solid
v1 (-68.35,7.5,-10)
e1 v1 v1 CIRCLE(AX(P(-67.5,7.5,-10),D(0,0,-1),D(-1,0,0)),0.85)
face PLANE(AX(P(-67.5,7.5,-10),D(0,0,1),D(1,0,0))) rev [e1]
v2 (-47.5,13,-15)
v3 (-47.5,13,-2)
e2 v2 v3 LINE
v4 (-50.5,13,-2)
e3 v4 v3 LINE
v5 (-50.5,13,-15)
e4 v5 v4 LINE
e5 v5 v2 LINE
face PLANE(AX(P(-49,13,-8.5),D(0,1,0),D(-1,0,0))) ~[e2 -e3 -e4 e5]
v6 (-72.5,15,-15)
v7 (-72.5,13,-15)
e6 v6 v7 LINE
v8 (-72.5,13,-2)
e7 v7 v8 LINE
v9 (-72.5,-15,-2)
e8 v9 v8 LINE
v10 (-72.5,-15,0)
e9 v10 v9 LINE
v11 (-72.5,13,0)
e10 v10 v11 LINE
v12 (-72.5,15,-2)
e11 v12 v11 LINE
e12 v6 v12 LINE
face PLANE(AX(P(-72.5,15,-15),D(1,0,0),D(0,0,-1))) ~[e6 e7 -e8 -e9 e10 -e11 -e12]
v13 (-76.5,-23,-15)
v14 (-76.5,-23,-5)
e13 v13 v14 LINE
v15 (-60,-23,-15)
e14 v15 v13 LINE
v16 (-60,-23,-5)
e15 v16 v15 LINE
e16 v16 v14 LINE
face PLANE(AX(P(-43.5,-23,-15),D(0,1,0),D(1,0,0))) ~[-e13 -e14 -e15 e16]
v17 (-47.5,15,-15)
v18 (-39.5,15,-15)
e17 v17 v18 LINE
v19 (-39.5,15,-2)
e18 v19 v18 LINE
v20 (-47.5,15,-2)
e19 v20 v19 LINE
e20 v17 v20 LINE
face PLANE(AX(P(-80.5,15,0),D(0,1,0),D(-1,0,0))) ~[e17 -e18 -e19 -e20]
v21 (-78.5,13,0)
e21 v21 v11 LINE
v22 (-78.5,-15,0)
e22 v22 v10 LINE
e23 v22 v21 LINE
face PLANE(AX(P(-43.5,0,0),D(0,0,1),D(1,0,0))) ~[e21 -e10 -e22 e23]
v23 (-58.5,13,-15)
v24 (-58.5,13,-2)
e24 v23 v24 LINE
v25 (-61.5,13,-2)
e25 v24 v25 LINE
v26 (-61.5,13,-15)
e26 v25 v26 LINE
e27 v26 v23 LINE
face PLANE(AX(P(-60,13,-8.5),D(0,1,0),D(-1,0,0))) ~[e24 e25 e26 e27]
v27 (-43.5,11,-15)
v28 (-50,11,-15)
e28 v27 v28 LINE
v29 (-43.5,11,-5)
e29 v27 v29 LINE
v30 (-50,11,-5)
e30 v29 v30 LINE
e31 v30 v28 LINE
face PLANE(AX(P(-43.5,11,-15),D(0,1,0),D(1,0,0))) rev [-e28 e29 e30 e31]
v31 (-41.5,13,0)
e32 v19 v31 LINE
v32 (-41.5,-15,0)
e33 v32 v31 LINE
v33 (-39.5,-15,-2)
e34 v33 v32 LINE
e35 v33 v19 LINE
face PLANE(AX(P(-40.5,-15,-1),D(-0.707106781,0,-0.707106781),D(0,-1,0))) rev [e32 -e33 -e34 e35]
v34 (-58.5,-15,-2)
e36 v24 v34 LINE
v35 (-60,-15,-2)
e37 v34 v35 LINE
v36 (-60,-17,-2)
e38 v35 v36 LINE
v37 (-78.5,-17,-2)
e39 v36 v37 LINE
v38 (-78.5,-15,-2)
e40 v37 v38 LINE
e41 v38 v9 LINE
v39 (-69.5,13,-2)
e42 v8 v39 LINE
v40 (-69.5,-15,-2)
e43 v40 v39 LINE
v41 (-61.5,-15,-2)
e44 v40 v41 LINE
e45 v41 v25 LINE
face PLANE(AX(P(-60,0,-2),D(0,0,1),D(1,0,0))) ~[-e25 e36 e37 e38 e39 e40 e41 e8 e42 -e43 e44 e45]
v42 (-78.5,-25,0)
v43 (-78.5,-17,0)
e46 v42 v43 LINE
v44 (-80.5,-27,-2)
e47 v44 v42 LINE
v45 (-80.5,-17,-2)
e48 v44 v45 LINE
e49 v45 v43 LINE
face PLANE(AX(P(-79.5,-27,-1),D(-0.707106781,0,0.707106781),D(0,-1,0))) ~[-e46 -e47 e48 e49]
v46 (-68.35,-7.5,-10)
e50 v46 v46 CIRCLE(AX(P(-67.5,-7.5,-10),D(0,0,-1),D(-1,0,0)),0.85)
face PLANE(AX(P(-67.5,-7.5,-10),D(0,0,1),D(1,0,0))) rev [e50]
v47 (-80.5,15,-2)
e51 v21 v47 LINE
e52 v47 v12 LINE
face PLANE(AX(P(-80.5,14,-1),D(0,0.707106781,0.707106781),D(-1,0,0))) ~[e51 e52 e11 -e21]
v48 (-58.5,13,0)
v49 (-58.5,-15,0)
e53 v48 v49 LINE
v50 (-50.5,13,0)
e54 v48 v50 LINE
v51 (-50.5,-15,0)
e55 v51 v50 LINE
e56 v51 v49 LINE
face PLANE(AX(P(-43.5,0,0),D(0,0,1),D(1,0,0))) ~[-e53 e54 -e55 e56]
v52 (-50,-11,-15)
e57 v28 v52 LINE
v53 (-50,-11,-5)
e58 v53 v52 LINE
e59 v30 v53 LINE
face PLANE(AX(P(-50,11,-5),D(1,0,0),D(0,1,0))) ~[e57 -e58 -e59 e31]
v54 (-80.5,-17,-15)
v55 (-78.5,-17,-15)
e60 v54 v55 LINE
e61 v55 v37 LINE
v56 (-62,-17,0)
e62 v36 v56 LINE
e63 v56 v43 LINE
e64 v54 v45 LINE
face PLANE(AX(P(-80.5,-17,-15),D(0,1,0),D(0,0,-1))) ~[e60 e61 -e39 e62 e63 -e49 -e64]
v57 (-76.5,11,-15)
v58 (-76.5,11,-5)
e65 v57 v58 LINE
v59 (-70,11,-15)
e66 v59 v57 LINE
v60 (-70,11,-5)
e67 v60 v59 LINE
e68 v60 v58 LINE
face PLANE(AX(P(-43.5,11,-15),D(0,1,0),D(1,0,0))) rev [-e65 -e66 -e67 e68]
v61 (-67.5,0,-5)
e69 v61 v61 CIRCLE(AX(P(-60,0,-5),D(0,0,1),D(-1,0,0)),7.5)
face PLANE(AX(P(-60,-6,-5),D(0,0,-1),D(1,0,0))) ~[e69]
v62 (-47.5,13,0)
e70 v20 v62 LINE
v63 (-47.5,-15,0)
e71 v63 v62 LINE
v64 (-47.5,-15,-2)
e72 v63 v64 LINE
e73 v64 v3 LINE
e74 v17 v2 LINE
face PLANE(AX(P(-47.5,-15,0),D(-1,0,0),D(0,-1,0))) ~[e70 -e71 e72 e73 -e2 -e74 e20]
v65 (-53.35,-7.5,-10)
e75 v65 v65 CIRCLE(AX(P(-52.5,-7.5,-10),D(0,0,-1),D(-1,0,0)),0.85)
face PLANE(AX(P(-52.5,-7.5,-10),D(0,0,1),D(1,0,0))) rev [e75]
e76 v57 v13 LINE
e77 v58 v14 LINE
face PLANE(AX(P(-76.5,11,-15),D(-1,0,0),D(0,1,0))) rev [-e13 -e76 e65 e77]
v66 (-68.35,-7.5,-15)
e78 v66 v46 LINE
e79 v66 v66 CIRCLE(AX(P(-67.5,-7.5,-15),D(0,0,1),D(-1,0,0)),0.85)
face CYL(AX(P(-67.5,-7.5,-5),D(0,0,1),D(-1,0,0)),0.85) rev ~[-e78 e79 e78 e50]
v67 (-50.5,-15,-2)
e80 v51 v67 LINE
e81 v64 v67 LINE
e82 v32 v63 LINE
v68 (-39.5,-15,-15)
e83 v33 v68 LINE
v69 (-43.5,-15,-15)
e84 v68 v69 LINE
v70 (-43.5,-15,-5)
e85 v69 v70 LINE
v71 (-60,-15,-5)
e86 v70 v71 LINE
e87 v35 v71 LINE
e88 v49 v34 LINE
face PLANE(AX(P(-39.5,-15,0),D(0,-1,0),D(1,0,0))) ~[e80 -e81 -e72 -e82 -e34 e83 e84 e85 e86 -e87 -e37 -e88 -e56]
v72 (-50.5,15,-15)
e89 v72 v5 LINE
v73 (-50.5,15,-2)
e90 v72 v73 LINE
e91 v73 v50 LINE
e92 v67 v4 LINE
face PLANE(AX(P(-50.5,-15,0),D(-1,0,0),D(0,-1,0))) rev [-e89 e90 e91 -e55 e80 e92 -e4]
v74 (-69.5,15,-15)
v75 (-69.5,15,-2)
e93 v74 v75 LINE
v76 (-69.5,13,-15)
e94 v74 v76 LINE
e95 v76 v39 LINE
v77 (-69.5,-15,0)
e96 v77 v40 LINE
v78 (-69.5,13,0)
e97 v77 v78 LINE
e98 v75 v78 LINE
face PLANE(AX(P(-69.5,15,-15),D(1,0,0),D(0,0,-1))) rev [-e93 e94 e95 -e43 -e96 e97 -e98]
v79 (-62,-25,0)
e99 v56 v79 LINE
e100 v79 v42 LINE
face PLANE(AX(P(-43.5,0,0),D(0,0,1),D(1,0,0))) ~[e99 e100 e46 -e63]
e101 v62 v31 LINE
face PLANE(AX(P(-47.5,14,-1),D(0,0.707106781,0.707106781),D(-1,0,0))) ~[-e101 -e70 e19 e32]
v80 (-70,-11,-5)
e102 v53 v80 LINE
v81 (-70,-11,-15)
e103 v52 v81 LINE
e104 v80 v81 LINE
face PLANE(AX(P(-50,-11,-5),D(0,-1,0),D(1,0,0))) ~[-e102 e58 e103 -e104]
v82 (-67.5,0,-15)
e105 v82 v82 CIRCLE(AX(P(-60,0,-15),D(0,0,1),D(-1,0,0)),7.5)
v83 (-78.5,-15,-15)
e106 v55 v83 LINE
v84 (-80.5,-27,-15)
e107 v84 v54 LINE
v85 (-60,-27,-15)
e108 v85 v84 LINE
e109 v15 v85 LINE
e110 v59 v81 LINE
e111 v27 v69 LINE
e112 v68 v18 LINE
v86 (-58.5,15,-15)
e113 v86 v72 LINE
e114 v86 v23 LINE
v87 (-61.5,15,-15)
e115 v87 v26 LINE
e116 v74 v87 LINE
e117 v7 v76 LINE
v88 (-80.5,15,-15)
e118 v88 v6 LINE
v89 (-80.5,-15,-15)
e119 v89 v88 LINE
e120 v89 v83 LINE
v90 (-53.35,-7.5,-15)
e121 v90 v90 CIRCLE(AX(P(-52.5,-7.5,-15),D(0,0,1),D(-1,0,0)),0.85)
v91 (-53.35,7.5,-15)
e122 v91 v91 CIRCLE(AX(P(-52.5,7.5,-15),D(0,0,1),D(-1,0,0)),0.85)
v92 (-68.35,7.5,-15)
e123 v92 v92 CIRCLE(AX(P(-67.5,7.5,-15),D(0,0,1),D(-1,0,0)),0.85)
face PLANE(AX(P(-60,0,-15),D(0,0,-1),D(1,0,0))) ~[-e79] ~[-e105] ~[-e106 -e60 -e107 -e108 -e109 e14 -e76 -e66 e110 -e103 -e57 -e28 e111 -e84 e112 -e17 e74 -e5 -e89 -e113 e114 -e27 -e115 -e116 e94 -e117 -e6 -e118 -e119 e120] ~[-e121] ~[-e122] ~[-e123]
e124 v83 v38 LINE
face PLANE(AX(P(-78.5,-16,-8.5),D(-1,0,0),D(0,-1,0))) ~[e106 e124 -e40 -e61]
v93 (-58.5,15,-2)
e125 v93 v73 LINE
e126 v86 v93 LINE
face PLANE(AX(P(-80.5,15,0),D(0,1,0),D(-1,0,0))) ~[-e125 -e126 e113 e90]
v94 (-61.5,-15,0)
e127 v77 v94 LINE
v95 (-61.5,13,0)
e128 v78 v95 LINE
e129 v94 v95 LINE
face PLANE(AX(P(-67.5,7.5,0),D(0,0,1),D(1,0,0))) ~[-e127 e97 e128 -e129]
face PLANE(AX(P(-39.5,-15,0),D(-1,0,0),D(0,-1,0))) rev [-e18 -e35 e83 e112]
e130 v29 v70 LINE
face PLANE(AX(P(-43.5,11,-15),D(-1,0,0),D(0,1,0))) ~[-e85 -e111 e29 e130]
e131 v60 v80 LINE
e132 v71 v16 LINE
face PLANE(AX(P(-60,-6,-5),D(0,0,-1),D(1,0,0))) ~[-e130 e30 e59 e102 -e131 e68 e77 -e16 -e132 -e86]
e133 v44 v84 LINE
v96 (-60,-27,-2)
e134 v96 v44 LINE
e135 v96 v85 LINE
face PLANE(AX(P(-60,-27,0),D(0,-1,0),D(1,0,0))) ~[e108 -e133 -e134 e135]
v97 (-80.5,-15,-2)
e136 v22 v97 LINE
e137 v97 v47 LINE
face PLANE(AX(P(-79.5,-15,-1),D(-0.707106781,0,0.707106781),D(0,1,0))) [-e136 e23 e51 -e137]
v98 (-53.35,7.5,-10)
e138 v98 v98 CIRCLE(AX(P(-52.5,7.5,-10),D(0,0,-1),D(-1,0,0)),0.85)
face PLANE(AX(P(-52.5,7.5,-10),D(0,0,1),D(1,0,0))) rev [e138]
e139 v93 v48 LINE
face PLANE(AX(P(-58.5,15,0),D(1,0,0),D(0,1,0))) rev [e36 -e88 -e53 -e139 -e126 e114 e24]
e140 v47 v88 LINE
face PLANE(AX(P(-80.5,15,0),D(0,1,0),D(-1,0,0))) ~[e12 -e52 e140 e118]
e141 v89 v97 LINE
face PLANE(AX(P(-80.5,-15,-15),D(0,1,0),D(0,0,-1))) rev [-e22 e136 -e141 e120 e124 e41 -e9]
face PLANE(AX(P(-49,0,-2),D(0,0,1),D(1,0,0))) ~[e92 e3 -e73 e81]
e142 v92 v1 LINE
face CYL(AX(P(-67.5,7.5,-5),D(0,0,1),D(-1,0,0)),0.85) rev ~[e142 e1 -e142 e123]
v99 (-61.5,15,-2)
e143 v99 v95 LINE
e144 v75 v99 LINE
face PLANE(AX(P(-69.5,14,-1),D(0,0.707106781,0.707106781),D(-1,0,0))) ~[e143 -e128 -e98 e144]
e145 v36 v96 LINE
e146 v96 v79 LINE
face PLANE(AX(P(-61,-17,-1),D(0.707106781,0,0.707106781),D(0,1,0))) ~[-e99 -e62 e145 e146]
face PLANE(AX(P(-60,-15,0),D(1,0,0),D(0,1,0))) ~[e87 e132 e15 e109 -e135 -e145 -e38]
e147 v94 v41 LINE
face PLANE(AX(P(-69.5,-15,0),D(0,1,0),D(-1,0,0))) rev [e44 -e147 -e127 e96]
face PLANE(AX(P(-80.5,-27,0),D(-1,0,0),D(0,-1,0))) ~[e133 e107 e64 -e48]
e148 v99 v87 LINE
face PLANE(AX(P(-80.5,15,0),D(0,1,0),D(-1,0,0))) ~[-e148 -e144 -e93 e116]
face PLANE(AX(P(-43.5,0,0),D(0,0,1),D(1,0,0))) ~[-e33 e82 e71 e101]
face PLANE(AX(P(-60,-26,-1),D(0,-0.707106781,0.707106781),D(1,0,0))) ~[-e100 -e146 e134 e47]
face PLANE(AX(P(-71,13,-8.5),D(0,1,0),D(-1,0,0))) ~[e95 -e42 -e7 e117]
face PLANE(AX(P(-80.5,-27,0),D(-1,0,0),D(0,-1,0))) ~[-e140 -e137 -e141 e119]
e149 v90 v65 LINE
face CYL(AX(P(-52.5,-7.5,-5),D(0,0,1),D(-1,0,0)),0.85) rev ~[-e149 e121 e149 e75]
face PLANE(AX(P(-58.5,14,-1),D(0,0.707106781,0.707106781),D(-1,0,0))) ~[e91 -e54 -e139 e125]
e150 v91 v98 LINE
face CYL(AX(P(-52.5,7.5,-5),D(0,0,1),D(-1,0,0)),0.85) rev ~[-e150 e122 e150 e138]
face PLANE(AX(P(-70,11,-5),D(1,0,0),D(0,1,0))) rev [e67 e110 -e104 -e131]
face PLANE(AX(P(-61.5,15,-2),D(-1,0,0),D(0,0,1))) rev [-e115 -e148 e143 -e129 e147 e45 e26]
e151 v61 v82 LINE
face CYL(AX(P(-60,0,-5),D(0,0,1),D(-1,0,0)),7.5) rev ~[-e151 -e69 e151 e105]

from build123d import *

# Parameters (mm, degrees)
F0_W      = 8
F0_H      = 30
F0_W_2    = 3
F0_W_3    = 20.5
F0_H_2    = 10
F1_DEPTH  = 15
F2_DEPTH  = 2
F3_SIZE   = 2
F4_R      = 0.85
F5_DEPTH  = 15.001
F6_R      = 1
F6_R_2    = 7.5
F7_DEPTH  = 1.5
F8_W      = 3
F8_H      = 13
F9_DEPTH  = 2
F10_W     = 2
F10_H     = 13
F11_DEPTH = 2
F12_ANGLE = 90
F13_R     = 0.85
F14_DEPTH = 1.5
F15_W     = 33
F15_H     = 34
F16_DEPTH = 10
F17_W     = 20
F17_H     = 22
F17_R     = 0.85
F17_R_2   = 7.5
F18_DEPTH = 10
F19_R     = 0.85
F20_DEPTH = 10


with BuildPart() as f1:
    # F0 (on Top) → F1 (new body)
    with BuildSketch(Plane.XY):
        with Locations((-16.5, 0)):
            Rectangle(F0_W, F0_H)
        with Locations((-11, 0)):
            Rectangle(F0_W_2, F0_H)
        with Locations((-5.5, 0)):
            Rectangle(F0_W, F0_H)
        Polygon((1.5, 15), (-1.5, 15), (-1.5, -15), (0, -15), (1.5, -15), align=None)
        with Locations((5.5, 0)):
            Rectangle(F0_W, F0_H)
        with Locations((11, 0)):
            Rectangle(F0_W_2, F0_H)
        Polygon((9.5, -15), (1.5, -15), (0, -15), (0, -17), (20.5, -17), (20.5, -15), (12.5, -15), align=None)
        with Locations((16.5, 0)):
            Rectangle(F0_W, F0_H)
        with Locations((10.25, -22)):
            Rectangle(F0_W_3, F0_H_2)
    extrude(amount=-F1_DEPTH)

    # F0 (on Top) → F2 (cut)
    with BuildSketch(Plane.XY):
        with Locations((-11, 0)):
            Rectangle(F0_W_2, F0_H)
        Polygon((1.5, 15), (-1.5, 15), (-1.5, -15), (0, -15), (1.5, -15), align=None)
        with Locations((11, 0)):
            Rectangle(F0_W_2, F0_H)
        Polygon((9.5, -15), (1.5, -15), (0, -15), (0, -17), (20.5, -17), (20.5, -15), (12.5, -15), align=None)
    extrude(amount=-F2_DEPTH, mode=Mode.SUBTRACT)

    # F3
    f3_edges = [f1.edges().sort_by_distance(p)[0] for p in [
        (-16.5, 15, 0),
        (-20.5, 0, 0),
        (20.5, 0, 0),
        (16.5, 15, 0),
        (5.5, 15, 0),
        (-5.5, 15, 0),
        (10.25, -27, 0),
        (20.5, -22, 0),
        (0, -22, 0),
    ]]
    chamfer(f3_edges, length=F3_SIZE)

    # F4 (on face) → F5 (cut, through all)
    with BuildSketch(Plane.XY):
        with Locations((-7.5, 7.5)):
            Circle(F4_R)
        with Locations((7.5, 7.5)):
            Circle(F4_R)
        with Locations((7.5, -7.5)):
            Circle(F4_R)
        with Locations((-7.5, -7.5)):
            Circle(F4_R)
    extrude(amount=-F5_DEPTH, mode=Mode.SUBTRACT)

    # F8 (on face) → F9 (cut)
    with BuildSketch(Plane(origin=(0, 15, 0), x_dir=(-1, 0, 0), z_dir=(0, 1, 0))):
        with Locations((11, -8.5)):
            Rectangle(F8_W, F8_H)
        Polygon((1.5, -15), (1.5, -2), (0, -2), (-1.5, -2), (-1.5, -15), (0, -15), align=None)
        with Locations((-11, -8.5)):
            Rectangle(F8_W, F8_H)
    extrude(amount=-F9_DEPTH, mode=Mode.SUBTRACT)

    # F10 (on face) → F11 (cut)
    with BuildSketch(Plane.YZ.offset(20.5)):
        with Locations((-16, -8.5)):
            Rectangle(F10_W, F10_H)
    extrude(amount=-F11_DEPTH, mode=Mode.SUBTRACT)

    # F15 (on face) → F16 (cut)
    with BuildSketch(Plane(origin=(0, 0, -15), x_dir=(1, 0, 0), z_dir=(0, 0, -1))):
        with Locations((0, 6)):
            Rectangle(F15_W, F15_H)
    extrude(amount=-F16_DEPTH, mode=Mode.SUBTRACT)



with BuildPart() as f7:
    # F6 (on face) → F7 (new body)
    with BuildSketch(Plane(origin=(0, 0, -15), x_dir=(1, 0, 0), z_dir=(0, 0, -1))):
        with BuildLine():
            ThreePointArc((10, 14.5), (9.5606601718, 15.5606601718), (8.5, 16))
            Line((8.5, 16), (-8.5, 16))
            ThreePointArc((-8.5, 16), (-9.5606601718, 15.5606601718), (-10, 14.5))
            Line((-10, 14.5), (-10, -14.5))
            ThreePointArc((-10, -14.5), (-9.5606601718, -15.5606601718), (-8.5, -16))
            Line((-8.5, -16), (8.5, -16))
            ThreePointArc((8.5, -16), (9.5606601718, -15.5606601718), (10, -14.5))
            Line((10, -14.5), (10, 14.5))
        make_face()
        with Locations((-7.5, -13.5)):
            Circle(F6_R, mode=Mode.SUBTRACT)
        with Locations((0, -13.5)):
            Circle(F6_R, mode=Mode.SUBTRACT)
        with Locations((7.5, -13.5)):
            Circle(F6_R, mode=Mode.SUBTRACT)
        with Locations((-7.5, 13.5)):
            Circle(F6_R, mode=Mode.SUBTRACT)
        Circle(F6_R_2, mode=Mode.SUBTRACT)
        with Locations((0, 13.5)):
            Circle(F6_R, mode=Mode.SUBTRACT)
        with Locations((7.5, 13.5)):
            Circle(F6_R, mode=Mode.SUBTRACT)
    extrude(amount=F7_DEPTH)


with BuildPart() as f7_1:
    # F12: moved
    add(f7.part.rotate(Axis((0, 0, -15), (0, 0, -1)), F12_ANGLE))

    # F13 (on face) → F14 (cut, through all)
    with BuildSketch(Plane(origin=(0, 0, -16.5), x_dir=(1, 0, 0), z_dir=(0, 0, -1))):
        with Locations((-7.5, -7.5)):
            Circle(F13_R)
        with Locations((7.5, -7.5)):
            Circle(F13_R)
        with Locations((-7.5, 7.5)):
            Circle(F13_R)
        with Locations((7.5, 7.5)):
            Circle(F13_R)
    extrude(amount=-F14_DEPTH, mode=Mode.SUBTRACT)


with BuildPart() as f18:
    # F17 (on face) → F18 (new body, through all)
    with BuildSketch(Plane(origin=(0, 0, -5), x_dir=(1, 0, 0), z_dir=(0, 0, -1))):
        Rectangle(F17_W, F17_H)
        with Locations((-7.5, -7.5)):
            Circle(F17_R, mode=Mode.SUBTRACT)
        with Locations((7.5, -7.5)):
            Circle(F17_R, mode=Mode.SUBTRACT)
        with Locations((-7.5, 7.5)):
            Circle(F17_R, mode=Mode.SUBTRACT)
        Circle(F17_R_2, mode=Mode.SUBTRACT)
        with Locations((7.5, 7.5)):
            Circle(F17_R, mode=Mode.SUBTRACT)
    extrude(amount=F18_DEPTH)


with BuildPart() as f1_1:
    add(f1.part)

    add(f18.part)  # F20 merges F18
    # F19 (on face) → F20 (join)
    with BuildSketch(Plane.XY):
        with Locations((7.5, 7.5)):
            Circle(F19_R)
        with Locations((-7.5, 7.5)):
            Circle(F19_R)
        with Locations((-7.5, -7.5)):
            Circle(F19_R)
        with Locations((7.5, -7.5)):
            Circle(F19_R)
    extrude(amount=-F20_DEPTH)


with BuildPart() as f22_1:
    # F22: instance of F1
    add(f1_1.part.mirror(Plane.YZ.offset(-30)))


solid = f22_1.part
